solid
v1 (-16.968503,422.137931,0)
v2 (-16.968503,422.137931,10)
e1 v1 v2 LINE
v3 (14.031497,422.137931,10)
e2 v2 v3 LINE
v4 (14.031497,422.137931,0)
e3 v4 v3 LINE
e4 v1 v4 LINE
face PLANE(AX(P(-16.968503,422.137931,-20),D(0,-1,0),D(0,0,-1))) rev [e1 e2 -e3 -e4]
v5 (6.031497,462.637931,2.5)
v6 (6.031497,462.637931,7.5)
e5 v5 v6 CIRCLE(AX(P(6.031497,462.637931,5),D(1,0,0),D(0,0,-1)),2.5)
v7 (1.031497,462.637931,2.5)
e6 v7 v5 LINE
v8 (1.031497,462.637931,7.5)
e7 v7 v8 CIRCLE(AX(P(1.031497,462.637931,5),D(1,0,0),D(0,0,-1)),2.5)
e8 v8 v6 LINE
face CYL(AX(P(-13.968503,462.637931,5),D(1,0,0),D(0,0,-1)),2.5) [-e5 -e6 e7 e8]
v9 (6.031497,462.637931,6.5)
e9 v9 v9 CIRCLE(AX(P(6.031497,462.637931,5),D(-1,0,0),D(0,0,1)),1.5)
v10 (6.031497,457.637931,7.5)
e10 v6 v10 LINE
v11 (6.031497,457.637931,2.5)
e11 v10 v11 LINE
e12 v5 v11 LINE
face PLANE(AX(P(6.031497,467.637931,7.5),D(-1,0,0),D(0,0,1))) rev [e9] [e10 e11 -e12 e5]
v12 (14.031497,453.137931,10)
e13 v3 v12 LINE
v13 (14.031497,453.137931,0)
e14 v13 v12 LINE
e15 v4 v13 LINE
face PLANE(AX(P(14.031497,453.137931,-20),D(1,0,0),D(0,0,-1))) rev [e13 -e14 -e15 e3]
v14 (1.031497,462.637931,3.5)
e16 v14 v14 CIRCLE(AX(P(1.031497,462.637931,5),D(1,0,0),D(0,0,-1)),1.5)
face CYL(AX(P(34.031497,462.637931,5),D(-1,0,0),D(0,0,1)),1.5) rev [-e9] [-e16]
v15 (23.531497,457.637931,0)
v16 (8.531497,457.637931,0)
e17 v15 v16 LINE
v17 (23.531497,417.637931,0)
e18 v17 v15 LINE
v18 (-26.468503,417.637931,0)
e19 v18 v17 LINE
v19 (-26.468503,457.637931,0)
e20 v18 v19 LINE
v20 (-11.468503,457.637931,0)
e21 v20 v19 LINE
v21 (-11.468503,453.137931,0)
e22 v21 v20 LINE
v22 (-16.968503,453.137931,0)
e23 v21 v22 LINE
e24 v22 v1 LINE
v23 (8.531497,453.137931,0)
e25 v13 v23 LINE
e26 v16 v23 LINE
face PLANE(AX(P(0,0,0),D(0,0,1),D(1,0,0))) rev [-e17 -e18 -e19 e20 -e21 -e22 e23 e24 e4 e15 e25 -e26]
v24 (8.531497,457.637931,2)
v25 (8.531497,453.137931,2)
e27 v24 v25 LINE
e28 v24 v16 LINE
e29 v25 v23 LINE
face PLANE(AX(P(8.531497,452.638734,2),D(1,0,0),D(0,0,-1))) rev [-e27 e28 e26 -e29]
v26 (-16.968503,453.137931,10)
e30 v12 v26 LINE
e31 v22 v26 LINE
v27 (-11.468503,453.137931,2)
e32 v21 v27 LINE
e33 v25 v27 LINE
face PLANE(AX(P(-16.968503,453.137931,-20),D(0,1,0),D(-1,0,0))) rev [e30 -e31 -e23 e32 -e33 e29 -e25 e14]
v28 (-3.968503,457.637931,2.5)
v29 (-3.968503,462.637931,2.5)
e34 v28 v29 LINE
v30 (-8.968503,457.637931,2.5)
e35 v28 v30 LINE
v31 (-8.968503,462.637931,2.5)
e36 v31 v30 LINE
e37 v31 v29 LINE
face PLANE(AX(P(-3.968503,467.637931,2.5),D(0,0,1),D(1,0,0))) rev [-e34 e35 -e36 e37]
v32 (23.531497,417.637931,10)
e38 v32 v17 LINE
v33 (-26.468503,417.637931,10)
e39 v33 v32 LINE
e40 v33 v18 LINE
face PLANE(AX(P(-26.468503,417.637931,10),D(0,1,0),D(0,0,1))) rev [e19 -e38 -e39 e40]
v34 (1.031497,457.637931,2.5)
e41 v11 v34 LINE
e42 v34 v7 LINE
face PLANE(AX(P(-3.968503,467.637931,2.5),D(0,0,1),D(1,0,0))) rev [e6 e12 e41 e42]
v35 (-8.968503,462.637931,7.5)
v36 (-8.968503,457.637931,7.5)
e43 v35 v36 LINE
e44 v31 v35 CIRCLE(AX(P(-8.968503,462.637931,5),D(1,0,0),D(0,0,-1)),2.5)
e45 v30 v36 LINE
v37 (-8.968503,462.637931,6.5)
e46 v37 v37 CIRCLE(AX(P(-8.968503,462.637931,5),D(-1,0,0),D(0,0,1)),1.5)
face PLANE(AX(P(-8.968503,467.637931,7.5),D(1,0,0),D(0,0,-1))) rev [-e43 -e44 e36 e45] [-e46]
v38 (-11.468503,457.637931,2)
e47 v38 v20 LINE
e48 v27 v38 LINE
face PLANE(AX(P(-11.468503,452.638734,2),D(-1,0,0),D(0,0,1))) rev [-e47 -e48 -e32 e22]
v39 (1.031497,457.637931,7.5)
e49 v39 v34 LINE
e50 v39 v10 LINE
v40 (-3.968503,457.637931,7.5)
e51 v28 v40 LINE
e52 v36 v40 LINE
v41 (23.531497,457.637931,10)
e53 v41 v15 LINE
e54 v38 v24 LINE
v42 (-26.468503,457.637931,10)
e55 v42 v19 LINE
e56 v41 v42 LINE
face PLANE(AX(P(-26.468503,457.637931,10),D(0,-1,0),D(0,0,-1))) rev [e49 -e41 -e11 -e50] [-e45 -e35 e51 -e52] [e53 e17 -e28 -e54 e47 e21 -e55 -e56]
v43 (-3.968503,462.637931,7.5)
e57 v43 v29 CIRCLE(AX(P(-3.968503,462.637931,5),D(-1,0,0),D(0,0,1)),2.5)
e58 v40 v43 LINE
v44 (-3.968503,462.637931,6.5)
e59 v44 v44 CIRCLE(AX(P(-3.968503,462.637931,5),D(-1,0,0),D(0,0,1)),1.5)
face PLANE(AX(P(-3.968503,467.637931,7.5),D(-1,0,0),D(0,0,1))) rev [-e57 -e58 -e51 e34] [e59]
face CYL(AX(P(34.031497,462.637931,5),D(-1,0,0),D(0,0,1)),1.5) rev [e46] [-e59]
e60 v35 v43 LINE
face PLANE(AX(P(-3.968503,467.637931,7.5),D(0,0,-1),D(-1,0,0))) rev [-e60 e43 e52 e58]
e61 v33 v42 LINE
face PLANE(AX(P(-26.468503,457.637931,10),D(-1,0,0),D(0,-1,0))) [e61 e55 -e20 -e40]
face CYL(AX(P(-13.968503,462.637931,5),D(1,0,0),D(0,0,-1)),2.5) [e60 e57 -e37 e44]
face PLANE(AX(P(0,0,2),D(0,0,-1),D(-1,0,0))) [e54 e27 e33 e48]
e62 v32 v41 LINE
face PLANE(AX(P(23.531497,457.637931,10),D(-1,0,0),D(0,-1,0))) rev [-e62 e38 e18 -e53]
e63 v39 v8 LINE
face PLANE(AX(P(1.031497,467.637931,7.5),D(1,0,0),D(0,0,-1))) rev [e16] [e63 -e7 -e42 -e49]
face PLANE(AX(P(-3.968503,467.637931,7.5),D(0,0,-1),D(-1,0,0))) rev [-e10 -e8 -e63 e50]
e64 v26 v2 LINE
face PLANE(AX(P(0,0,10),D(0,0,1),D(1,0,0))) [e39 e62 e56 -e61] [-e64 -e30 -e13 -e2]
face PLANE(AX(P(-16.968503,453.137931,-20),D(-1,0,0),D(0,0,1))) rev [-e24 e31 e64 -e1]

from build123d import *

# Parameters (mm, degrees)
SKETCH1_W           = 50
SKETCH1_H           = 40
BOSS_EXTRUDE1_DEPTH = 10
SKETCH5_W           = 6
SKETCH5_H           = 5
BOSS_EXTRUDE3_DEPTH = 10
SKETCH6_R           = 2
CUT_EXTRUDE1_DEPTH  = 20
SKETCH8_W           = 10
SKETCH8_H           = 40
CUT_EXTRUDE2_DEPTH  = 25
SKETCH9_W           = 10
SKETCH9_H           = 6
SKETCH9_R           = 1.930897171
BOSS_EXTRUDE4_DEPTH = 5
SKETCH10_W          = 10
SKETCH10_H          = 5
CUT_EXTRUDE3_DEPTH  = 15
SKETCH11_W          = 5
SKETCH11_H          = 5
BOSS_EXTRUDE5_DEPTH = 10
SKETCH12_R          = 1.5
CUT_EXTRUDE4_DEPTH  = 10
SKETCH13_W          = 6
SKETCH13_H          = 5
CUT_EXTRUDE5_DEPTH  = 10
SKETCH15_W          = 5
SKETCH15_H          = 5
BOSS_EXTRUDE7_DEPTH = 10
SKETCH18_W          = 5
SKETCH18_H          = 5
CUT_EXTRUDE7_DEPTH  = 10
SKETCH19_R          = 1.5
CUT_EXTRUDE8_DEPTH  = 43
CUT_EXTRUDE9_DEPTH  = 20
SKETCH21_W          = 31
SKETCH21_H          = 31
CUT_EXTRUDE10_DEPTH = 30
SKETCH22_W          = 20
SKETCH22_H          = 4.999197144
CUT_EXTRUDE11_DEPTH = 2


with BuildPart() as part:
    # Sketch1 → Boss-Extrude1 (new body)
    with BuildSketch(Plane(origin=(669.84184187, 0, 0), x_dir=(1, 0, 0), z_dir=(0, 0, 1))):
        with Locations((-671.310344828, 437.637931034)):
            Rectangle(SKETCH1_W, SKETCH1_H)
    boss_extrude1 = extrude(amount=BOSS_EXTRUDE1_DEPTH)

    # Sketch5 → Boss-Extrude3 (add)
    with BuildSketch(Plane(origin=(23.531497042, 0, 0), x_dir=(0, 0, -1), z_dir=(1, 0, 0))):
        with Locations((-5, 442.637931034)):
            Rectangle(SKETCH5_W, SKETCH5_H)
        with Locations((-5, 432.637931034)):
            Rectangle(SKETCH5_W, SKETCH5_H)
    extrude(amount=BOSS_EXTRUDE3_DEPTH)

    # Sketch6 → Cut-Extrude1 (cut)
    with BuildSketch(Plane(origin=(669.84184187, 445.137931034, 0), x_dir=(1, 0, 0), z_dir=(0, 1, 0))):
        with Locations(Location((-641.310344828, -5, 0), (0, 0, 180))):
            Circle(SKETCH6_R)
    extrude(amount=-CUT_EXTRUDE1_DEPTH, mode=Mode.SUBTRACT)

    # Sketch8 → Cut-Extrude2 (cut)
    with BuildSketch(Plane.ZY.offset(26.468502958)):
        with Locations((5, 437.637931034)):
            Rectangle(SKETCH8_W, SKETCH8_H)
    extrude(amount=-CUT_EXTRUDE2_DEPTH, mode=Mode.SUBTRACT)

    # Sketch9 → Boss-Extrude4 (add)
    with BuildSketch(Plane(origin=(0, 435.137931034, 0), x_dir=(1, 0, 0), z_dir=(0, 1, 0))):
        with Locations((28.531497042, -5)):
            Rectangle(SKETCH9_W, SKETCH9_H)
        with Locations(Location((28.531497042, -5, 0), (0, 0, 180))):
            Circle(SKETCH9_R, mode=Mode.SUBTRACT)
    extrude(amount=BOSS_EXTRUDE4_DEPTH)

    # Sketch10 → Cut-Extrude3 (cut)
    with BuildSketch(Plane.XY.offset(8)):
        with Locations((28.531497042, 432.637931034)):
            Rectangle(SKETCH10_W, SKETCH10_H)
        with Locations((28.531497042, 442.637931034)):
            Rectangle(SKETCH10_W, SKETCH10_H)
    extrude(amount=-CUT_EXTRUDE3_DEPTH, mode=Mode.SUBTRACT)

    # Mirror1: Boss-Extrude1 across plane
    add(boss_extrude1.mirror(Plane(origin=(-1.468502958, 0, 0), x_dir=(0, 0, 1), z_dir=(1, 0, 0))))

    # Sketch11 → Boss-Extrude5 (add)
    with BuildSketch(Plane(origin=(0, 457.637931034, 0), x_dir=(1, 0, 0), z_dir=(0, 1, 0))):
        with Locations((-1.468502958, -5)):
            Rectangle(SKETCH11_W, SKETCH11_H)
    extrude(amount=BOSS_EXTRUDE5_DEPTH)

    # Sketch12 → Cut-Extrude4 (cut)
    with BuildSketch(Plane(origin=(1.031497042, 0, 0), x_dir=(0, 0, -1), z_dir=(1, 0, 0))):
        with Locations((-5, 462.637931034)):
            Circle(SKETCH12_R)
    extrude(amount=-CUT_EXTRUDE4_DEPTH, mode=Mode.SUBTRACT)

    # Sketch13 → Cut-Extrude5 (cut)
    with BuildSketch(Plane(origin=(33.531497042, 0, 0), x_dir=(0, 0, -1), z_dir=(1, 0, 0))):
        with Locations((-5, 437.637931034)):
            Rectangle(SKETCH13_W, SKETCH13_H)
    extrude(amount=-CUT_EXTRUDE5_DEPTH, mode=Mode.SUBTRACT)

    # Sketch15 → Boss-Extrude7 (add)
    with BuildSketch(Plane(origin=(0, 457.637931034, 0), x_dir=(1, 0, 0), z_dir=(0, 1, 0))):
        with Locations((-6.468502958, -5)):
            Rectangle(SKETCH15_W, SKETCH15_H)
        with Locations((3.531497042, -5)):
            Rectangle(SKETCH15_W, SKETCH15_H)
    extrude(amount=BOSS_EXTRUDE7_DEPTH)

    # Sketch18 → Cut-Extrude7 (cut)
    with BuildSketch(Plane(origin=(0, 467.637931034, 0), x_dir=(1, 0, 0), z_dir=(0, 1, 0))):
        with Locations((-1.468502958, -5)):
            Rectangle(SKETCH18_W, SKETCH18_H)
    extrude(amount=-CUT_EXTRUDE7_DEPTH, mode=Mode.SUBTRACT)

    # Sketch19 → Cut-Extrude8 (cut)
    with BuildSketch(Plane.ZY.offset(8.968502958)):
        with Locations((5, 462.637931034)):
            Circle(SKETCH19_R)
    extrude(amount=-CUT_EXTRUDE8_DEPTH, mode=Mode.SUBTRACT)

    # Sketch20 → Cut-Extrude9 (cut)
    with BuildSketch(Plane(origin=(6.031497042, 0, 0), x_dir=(0, 0, -1), z_dir=(1, 0, 0))):
        with BuildLine():
            Line((-7.5, 467.637931034), (-7.5, 462.637931034))
            ThreePointArc((-7.5, 462.637931034), (-5, 465.137931034), (-2.5, 462.637931034))
            Line((-2.5, 462.637931034), (-2.5, 467.637931034))
            Line((-2.5, 467.637931034), (-7.5, 467.637931034))
        make_face()
    extrude(amount=-CUT_EXTRUDE9_DEPTH, mode=Mode.SUBTRACT)

    # Sketch21 → Cut-Extrude10 (cut)
    with BuildSketch(Plane.XY.offset(10)):
        with Locations((-1.468502958, 437.637931034)):
            Rectangle(SKETCH21_W, SKETCH21_H)
    extrude(amount=-CUT_EXTRUDE10_DEPTH, mode=Mode.SUBTRACT)

    # Sketch22 → Cut-Extrude11 (cut)
    with BuildSketch(Plane(origin=(0, 0, 0), x_dir=(-1, 0, 0), z_dir=(0, 0, -1))):
        with Locations((1.468502958, 455.138332462)):
            Rectangle(SKETCH22_W, SKETCH22_H)
    extrude(amount=-CUT_EXTRUDE11_DEPTH, mode=Mode.SUBTRACT)


solid = part.part
